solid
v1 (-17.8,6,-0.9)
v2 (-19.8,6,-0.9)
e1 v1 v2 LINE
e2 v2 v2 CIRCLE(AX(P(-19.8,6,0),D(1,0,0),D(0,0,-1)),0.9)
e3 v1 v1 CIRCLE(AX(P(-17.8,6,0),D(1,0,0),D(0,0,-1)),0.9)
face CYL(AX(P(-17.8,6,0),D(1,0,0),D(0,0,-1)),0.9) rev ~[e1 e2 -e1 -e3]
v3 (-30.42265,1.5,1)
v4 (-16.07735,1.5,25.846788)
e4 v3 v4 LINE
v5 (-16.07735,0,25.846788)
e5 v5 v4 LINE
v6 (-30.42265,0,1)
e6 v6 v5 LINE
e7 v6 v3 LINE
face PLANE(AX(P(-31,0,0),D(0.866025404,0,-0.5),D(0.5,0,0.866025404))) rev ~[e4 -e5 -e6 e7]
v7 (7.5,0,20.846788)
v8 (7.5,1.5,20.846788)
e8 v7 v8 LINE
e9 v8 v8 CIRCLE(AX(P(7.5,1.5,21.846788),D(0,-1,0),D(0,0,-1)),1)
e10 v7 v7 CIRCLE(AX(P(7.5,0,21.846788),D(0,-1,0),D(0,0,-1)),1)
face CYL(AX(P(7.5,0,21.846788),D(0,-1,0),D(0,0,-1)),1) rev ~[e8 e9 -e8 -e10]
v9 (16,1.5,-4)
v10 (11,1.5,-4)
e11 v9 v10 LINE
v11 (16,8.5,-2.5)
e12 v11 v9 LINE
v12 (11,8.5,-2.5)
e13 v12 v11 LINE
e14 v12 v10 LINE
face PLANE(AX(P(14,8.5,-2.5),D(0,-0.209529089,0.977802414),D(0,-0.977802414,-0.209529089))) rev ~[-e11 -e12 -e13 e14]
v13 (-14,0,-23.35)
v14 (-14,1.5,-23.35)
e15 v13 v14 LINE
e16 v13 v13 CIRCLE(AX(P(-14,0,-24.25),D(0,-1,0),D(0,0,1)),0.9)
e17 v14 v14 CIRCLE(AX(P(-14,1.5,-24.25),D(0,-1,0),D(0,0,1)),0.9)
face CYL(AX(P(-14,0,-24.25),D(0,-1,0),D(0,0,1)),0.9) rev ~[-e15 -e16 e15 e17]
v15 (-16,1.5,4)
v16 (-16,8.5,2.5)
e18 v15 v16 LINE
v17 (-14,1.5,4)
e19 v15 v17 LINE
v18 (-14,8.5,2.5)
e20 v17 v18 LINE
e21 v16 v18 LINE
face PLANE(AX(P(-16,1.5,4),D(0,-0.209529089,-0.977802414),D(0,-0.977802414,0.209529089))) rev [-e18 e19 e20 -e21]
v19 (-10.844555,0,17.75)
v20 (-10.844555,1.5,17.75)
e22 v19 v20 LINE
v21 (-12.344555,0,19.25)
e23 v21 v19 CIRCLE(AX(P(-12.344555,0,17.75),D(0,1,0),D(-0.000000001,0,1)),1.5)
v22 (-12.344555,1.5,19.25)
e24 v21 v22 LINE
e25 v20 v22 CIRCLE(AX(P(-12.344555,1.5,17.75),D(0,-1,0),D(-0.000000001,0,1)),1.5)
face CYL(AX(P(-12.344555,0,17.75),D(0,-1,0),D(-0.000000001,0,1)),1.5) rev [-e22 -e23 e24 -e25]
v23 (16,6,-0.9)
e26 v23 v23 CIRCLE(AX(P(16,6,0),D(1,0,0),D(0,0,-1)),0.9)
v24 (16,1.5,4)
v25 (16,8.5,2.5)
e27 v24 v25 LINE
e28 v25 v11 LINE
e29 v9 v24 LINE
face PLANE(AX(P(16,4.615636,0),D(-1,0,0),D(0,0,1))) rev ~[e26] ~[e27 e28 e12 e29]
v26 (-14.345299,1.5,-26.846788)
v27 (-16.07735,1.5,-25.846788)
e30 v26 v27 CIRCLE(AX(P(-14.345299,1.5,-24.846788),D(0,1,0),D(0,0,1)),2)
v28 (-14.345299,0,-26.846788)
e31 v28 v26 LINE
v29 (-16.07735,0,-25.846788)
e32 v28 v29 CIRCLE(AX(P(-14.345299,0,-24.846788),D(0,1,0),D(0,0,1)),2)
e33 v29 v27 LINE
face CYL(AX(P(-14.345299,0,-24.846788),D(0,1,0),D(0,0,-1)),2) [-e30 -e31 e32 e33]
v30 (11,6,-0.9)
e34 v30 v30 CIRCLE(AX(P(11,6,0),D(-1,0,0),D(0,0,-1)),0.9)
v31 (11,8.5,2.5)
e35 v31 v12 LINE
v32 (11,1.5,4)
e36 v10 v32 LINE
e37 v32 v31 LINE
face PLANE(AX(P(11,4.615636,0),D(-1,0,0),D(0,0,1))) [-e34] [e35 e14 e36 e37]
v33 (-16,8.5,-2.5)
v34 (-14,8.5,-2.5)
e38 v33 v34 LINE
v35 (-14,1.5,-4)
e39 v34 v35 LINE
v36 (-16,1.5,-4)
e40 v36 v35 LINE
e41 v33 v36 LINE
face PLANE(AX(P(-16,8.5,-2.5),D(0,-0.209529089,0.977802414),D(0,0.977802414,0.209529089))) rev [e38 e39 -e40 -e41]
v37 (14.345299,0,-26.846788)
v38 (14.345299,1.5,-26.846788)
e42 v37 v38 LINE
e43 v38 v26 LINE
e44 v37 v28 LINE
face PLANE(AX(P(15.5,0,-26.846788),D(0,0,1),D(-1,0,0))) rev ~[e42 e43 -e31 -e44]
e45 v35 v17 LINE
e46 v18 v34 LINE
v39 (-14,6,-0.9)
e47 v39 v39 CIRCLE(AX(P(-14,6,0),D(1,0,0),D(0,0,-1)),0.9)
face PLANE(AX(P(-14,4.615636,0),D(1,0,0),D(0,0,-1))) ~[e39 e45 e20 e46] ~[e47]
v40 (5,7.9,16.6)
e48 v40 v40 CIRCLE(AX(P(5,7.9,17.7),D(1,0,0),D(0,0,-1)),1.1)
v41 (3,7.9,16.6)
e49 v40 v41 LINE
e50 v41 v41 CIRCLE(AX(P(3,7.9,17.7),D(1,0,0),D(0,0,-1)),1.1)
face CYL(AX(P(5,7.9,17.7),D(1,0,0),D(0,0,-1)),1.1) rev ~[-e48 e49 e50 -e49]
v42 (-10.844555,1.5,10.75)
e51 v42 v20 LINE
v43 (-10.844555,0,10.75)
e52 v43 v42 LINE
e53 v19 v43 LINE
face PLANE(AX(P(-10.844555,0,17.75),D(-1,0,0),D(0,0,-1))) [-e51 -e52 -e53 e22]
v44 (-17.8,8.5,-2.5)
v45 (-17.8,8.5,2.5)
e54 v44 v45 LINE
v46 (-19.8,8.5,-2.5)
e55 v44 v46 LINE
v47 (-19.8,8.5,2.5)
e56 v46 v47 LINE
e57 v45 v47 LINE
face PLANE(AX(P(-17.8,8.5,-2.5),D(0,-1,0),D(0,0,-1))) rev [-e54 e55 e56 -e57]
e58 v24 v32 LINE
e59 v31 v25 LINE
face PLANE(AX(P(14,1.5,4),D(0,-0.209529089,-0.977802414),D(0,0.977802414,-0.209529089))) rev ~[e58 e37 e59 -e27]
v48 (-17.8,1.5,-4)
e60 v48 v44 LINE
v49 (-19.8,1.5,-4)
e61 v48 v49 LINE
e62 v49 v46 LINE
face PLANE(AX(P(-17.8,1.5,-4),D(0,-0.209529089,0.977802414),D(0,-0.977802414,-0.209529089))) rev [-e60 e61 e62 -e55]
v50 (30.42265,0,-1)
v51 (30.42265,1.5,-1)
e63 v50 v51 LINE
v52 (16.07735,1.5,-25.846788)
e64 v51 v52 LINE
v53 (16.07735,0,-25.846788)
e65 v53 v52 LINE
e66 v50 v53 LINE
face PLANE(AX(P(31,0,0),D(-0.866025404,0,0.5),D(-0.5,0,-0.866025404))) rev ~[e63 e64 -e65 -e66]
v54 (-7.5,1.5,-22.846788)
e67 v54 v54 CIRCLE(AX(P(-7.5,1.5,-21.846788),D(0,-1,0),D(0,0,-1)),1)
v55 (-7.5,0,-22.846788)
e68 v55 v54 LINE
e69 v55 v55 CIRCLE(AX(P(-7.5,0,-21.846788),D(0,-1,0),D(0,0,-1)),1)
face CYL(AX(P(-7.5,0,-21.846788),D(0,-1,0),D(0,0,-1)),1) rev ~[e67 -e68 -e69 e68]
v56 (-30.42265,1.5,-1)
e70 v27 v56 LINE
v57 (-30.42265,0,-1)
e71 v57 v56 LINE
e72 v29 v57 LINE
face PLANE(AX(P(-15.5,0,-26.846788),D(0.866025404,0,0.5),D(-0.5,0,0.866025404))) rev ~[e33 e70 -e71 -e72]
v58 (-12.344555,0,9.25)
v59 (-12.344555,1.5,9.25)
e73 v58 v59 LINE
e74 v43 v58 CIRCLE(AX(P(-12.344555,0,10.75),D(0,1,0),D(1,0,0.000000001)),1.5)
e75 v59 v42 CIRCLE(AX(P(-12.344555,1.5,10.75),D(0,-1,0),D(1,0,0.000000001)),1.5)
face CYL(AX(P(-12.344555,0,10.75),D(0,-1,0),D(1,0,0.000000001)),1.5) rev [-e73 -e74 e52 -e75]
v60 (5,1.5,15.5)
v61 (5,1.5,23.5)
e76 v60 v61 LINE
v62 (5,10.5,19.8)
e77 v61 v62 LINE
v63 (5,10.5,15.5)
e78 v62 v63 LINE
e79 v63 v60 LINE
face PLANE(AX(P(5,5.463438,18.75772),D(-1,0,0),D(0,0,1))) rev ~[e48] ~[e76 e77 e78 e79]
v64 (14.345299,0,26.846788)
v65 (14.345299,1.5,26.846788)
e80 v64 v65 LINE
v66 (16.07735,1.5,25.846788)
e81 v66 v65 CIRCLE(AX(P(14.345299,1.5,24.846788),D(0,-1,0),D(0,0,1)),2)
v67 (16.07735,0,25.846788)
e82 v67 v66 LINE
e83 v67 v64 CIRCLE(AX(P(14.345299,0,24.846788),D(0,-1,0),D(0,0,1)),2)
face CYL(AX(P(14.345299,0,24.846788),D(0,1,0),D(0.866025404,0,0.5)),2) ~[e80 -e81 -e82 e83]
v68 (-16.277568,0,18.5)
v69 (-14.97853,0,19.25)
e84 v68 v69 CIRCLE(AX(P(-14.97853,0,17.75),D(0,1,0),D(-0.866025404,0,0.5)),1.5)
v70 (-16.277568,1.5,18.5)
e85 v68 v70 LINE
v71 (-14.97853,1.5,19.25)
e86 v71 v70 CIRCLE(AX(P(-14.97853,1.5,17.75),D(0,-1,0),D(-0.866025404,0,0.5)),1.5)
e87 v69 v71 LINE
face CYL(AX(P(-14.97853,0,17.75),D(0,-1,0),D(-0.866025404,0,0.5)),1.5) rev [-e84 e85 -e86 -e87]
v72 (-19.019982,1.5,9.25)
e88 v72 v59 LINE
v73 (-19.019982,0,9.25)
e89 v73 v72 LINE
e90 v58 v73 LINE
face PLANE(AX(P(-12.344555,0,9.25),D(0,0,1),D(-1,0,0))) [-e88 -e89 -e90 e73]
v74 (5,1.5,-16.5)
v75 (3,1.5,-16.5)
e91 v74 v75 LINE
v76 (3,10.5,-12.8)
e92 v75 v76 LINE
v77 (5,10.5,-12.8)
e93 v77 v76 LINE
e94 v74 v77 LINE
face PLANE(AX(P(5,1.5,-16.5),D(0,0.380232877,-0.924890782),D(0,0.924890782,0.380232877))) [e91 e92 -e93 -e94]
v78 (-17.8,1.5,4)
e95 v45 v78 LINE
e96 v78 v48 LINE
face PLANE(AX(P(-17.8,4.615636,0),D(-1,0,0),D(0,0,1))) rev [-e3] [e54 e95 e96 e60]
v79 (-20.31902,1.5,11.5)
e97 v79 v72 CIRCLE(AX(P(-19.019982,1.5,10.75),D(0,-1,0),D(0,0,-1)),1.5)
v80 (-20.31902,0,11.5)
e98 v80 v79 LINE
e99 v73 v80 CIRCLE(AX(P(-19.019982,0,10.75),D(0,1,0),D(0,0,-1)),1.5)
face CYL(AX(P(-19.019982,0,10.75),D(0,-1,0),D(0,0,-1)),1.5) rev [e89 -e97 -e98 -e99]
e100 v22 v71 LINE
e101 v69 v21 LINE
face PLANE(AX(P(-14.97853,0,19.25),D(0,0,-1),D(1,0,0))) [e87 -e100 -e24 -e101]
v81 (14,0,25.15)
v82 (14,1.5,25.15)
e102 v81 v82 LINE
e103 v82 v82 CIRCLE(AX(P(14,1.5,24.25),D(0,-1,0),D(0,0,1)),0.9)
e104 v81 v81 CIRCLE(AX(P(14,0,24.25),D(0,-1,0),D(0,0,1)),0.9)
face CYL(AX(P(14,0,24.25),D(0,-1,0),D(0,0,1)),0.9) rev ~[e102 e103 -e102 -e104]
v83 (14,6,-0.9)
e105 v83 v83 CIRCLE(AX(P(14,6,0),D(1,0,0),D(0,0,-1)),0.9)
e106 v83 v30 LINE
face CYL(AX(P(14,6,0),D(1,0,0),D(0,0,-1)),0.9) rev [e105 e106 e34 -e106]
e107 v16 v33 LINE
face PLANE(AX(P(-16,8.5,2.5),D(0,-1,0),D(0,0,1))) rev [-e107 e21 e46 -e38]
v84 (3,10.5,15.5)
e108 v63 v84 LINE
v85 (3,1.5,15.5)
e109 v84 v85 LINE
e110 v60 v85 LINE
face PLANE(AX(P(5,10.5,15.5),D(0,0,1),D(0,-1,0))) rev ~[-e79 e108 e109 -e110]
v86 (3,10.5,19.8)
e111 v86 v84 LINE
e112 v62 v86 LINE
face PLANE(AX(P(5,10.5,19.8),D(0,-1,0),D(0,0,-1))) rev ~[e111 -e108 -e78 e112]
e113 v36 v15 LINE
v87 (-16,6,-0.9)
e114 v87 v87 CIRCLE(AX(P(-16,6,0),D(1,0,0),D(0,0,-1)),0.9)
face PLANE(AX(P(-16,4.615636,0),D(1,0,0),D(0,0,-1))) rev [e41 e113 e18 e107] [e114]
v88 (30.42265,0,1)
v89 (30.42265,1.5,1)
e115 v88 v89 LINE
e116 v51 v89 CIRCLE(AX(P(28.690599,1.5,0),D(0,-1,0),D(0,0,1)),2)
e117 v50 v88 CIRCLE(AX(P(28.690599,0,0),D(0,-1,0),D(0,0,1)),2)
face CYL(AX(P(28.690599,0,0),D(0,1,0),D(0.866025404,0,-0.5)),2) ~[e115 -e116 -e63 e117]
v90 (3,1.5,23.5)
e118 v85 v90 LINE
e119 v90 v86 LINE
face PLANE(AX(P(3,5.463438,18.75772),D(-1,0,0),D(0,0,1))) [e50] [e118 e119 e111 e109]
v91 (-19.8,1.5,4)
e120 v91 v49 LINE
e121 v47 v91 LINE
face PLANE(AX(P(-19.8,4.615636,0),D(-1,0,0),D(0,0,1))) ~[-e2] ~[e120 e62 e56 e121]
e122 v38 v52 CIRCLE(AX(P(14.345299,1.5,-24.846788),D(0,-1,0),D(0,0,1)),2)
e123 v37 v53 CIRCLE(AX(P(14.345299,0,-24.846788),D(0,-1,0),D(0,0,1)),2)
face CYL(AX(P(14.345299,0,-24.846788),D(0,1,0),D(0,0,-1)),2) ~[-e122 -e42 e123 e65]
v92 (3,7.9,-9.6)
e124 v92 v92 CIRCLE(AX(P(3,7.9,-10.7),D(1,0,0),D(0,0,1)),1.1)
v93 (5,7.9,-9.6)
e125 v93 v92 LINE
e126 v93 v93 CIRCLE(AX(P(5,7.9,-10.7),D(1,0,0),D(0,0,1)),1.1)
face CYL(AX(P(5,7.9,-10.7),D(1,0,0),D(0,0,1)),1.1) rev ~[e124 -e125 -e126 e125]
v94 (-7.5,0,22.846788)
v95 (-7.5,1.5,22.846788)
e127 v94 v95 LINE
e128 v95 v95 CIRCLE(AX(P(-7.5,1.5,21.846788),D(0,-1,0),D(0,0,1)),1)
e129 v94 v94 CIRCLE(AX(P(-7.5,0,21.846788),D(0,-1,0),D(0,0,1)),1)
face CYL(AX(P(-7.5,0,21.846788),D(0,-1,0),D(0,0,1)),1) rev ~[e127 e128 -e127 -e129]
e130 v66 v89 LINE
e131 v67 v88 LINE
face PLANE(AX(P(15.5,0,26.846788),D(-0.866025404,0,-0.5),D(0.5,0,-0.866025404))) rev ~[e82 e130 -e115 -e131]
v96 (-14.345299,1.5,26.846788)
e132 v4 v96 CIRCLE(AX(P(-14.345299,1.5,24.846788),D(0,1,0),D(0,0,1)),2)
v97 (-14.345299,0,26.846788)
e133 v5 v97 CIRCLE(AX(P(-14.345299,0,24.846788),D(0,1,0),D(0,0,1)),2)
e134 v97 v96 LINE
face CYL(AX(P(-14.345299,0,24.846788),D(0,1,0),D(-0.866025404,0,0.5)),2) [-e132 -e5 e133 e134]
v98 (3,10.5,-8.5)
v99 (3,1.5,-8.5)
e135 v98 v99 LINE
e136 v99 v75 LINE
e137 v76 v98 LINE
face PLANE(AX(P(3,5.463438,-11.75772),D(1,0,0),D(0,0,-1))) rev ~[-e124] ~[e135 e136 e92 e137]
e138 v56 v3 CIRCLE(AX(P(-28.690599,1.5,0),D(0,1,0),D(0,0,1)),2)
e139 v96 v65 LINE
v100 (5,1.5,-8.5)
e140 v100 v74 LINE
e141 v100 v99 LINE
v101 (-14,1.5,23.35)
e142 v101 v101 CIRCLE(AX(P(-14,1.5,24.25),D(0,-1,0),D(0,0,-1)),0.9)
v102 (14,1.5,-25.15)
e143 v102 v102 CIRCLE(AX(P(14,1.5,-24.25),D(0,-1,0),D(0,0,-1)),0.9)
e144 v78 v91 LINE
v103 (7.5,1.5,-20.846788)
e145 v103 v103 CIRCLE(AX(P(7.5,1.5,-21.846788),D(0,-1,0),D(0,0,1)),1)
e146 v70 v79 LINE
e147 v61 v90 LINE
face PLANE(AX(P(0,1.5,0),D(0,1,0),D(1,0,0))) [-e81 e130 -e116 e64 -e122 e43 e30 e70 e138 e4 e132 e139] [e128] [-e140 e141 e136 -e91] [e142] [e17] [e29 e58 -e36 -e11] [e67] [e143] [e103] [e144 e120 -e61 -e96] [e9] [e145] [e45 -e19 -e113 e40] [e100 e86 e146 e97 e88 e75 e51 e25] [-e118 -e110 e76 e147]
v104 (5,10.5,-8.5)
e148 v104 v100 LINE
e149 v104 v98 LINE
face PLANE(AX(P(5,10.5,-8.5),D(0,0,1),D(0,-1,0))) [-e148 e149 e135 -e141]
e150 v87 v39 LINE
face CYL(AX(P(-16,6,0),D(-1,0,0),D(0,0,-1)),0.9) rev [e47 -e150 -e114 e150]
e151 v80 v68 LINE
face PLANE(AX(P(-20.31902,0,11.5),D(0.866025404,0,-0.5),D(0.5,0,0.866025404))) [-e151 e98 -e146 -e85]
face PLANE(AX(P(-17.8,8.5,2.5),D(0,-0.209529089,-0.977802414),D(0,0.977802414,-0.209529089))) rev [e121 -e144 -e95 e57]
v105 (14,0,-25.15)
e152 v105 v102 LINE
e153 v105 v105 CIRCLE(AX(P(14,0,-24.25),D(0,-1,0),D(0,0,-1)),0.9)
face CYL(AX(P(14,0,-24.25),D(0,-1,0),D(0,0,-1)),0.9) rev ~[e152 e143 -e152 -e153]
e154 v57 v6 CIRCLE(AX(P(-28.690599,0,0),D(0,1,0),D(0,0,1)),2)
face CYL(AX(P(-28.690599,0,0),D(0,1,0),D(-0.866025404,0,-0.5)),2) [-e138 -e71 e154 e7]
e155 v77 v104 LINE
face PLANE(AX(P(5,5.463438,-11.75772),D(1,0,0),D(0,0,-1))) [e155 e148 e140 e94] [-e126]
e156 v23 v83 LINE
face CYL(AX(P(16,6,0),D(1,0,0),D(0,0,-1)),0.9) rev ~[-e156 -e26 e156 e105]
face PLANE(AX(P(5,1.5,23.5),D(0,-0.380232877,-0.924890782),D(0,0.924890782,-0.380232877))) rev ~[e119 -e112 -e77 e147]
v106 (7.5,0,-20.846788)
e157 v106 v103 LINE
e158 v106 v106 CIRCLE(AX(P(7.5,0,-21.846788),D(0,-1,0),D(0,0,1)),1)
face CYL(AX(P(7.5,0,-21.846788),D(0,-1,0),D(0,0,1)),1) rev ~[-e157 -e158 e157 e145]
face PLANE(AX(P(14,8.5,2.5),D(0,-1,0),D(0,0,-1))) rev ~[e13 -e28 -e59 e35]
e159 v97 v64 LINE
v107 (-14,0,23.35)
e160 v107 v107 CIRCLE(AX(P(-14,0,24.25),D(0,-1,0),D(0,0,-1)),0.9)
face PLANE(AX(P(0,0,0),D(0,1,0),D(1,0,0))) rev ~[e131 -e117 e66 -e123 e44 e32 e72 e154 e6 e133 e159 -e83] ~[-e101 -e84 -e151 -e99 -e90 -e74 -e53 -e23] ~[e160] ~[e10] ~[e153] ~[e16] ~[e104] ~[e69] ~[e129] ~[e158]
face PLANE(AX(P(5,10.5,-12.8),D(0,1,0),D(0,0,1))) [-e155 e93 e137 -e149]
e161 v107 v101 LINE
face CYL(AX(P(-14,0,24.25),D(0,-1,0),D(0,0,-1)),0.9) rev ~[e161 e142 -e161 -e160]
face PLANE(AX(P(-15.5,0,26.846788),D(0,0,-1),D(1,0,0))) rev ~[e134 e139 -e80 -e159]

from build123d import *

# Parameters (mm, degrees)
EXTRUDE_1_DEPTH     = 1.5
SKETCH_3_R          = 0.9
EXTRUDE_2_DEPTH     = 2
SKETCH_4_R          = 0.9
EXTRUDE_3_DEPTH     = 2
SKETCH_5_R          = 1.1
EXTRUDE_4_DEPTH     = 2
FILLET_1_R          = 2
SKETCH_6_R          = 0.9
CUT_EXTRUDE_1_DEPTH = 10
SKETCH_7_R          = 1
CUT_EXTRUDE_2_DEPTH = 10
SKETCH_8_R          = 0.9
EXTRUDE_5_DEPTH     = 3
CUT_EXTRUDE_3_DEPTH = 3


with BuildPart() as part:
    # 草图1 → 凸台-拉伸1 (new body)
    with BuildSketch(Plane(origin=(0, 0, 0), x_dir=(1, 0, 0), z_dir=(0, 1, 0))):
        Polygon((15.5, 26.846787517), (-15.5, 26.846787517), (-31, 0), (-15.5, -26.846787517), (15.5, -26.846787517), (31, 0), align=None)
    extrude(amount=EXTRUDE_1_DEPTH)

    # 草图3 → 凸台-拉伸2 (add)
    with BuildSketch(Plane(origin=(16, 0, 0), x_dir=(0, 0, -1), z_dir=(1, 0, 0))):
        Polygon((-4, 1.5), (-2.5, 8.5), (2.5, 8.5), (4, 1.5), align=None)
        with Locations((0, 6)):
            Circle(SKETCH_3_R, mode=Mode.SUBTRACT)
    extrude_2 = extrude(amount=-EXTRUDE_2_DEPTH)

    # 草图4 → 凸台-拉伸3 (add)
    with BuildSketch(Plane(origin=(17.8, 0, 0), x_dir=(0, 0, -1), z_dir=(1, 0, 0))):
        Polygon((-4, 1.5), (4, 1.5), (2.5, 8.5), (-2.5, 8.5), align=None)
        with Locations((0, 6)):
            Circle(SKETCH_4_R, mode=Mode.SUBTRACT)
    extrude_3 = extrude(amount=EXTRUDE_3_DEPTH)

    # 镜向3: 凸台-拉伸2, 凸台-拉伸3 across plane
    add(extrude_2.mirror(Plane(origin=(0, 0, 0), x_dir=(0, 0, 1), z_dir=(1, 0, 0))))
    add(extrude_3.mirror(Plane(origin=(0, 0, 0), x_dir=(0, 0, 1), z_dir=(1, 0, 0))))

    # 草图5 → 凸台-拉伸4 (add)
    with BuildSketch(Plane(origin=(5, 0, 0), x_dir=(0, 0, -1), z_dir=(1, 0, 0))):
        Polygon((-19.8, 10.5), (-15.5, 10.5), (-15.5, 1.5), (-23.5, 1.5), align=None)
        with Locations((-17.7, 7.9)):
            Circle(SKETCH_5_R, mode=Mode.SUBTRACT)
        Polygon((8.5, 10.5), (8.5, 1.5), (16.5, 1.5), (12.8, 10.5), align=None)
        with Locations(Location((10.7, 7.9, 0), (0, 0, 180))):  # turned: the seam where the file's is
            Circle(SKETCH_5_R, mode=Mode.SUBTRACT)
    extrude(amount=-EXTRUDE_4_DEPTH)

    # 圆角1
    fillet_1_edges = [part.edges().sort_by_distance(p)[0] for p in [
        (31, 0.75, 0),
        (15.5, 0.75, 26.846787517),
        (-15.5, 0.75, 26.846787517),
        (-31, 0.75, 0),
        (-15.5, 0.75, -26.846787517),
        (15.5, 0.75, -26.846787517),
    ]]
    fillet(fillet_1_edges, radius=FILLET_1_R)

    # 草图6 → 切除-拉伸1 (cut)
    with BuildSketch(Plane.XZ):
        with Locations(Location((-14, 24.25, 0), (0, 0, 270))):  # turned: the seam where the file's is
            Circle(SKETCH_6_R)
        with Locations(Location((14, 24.25, 0), (0, 0, 90))):  # turned: the seam where the file's is
            Circle(SKETCH_6_R)
        with Locations(Location((14, -24.25, 0), (0, 0, 270))):  # turned: the seam where the file's is
            Circle(SKETCH_6_R)
        with Locations(Location((-14, -24.25, 0), (0, 0, 90))):  # turned: the seam where the file's is
            Circle(SKETCH_6_R)
        with BuildLine():
            Line((-14.97853003, 19.25), (-12.344555434, 19.25))
            ThreePointArc((-12.344555434, 19.25), (-11.283895262, 18.810660172), (-10.844555434, 17.75))
            Line((-10.844555434, 17.75), (-10.844555434, 10.75))
            ThreePointArc((-10.844555434, 10.75), (-11.283895262, 9.689339828), (-12.344555434, 9.25))
            Line((-12.344555434, 9.25), (-19.019981914, 9.25))
            ThreePointArc((-19.019981914, 9.25), (-20.31902002, 10), (-20.31902002, 11.5))
            Line((-20.31902002, 11.5), (-16.277568136, 18.5))
            ThreePointArc((-16.277568136, 18.5), (-15.72853003, 19.049038106), (-14.97853003, 19.25))
        make_face()
    extrude(amount=-CUT_EXTRUDE_1_DEPTH, mode=Mode.SUBTRACT)

    # 草图7 → 切除-拉伸2 (cut)
    with BuildSketch(Plane.XZ):
        with Locations(Location((-7.5, -21.846787517, 0), (0, 0, 270))):  # turned: the seam where the file's is
            Circle(SKETCH_7_R)
        with Locations(Location((7.5, -21.846787517, 0), (0, 0, 90))):  # turned: the seam where the file's is
            Circle(SKETCH_7_R)
        with Locations(Location((7.5, 21.846787517, 0), (0, 0, 270))):  # turned: the seam where the file's is
            Circle(SKETCH_7_R)
        with Locations(Location((-7.5, 21.846787517, 0), (0, 0, 90))):  # turned: the seam where the file's is
            Circle(SKETCH_7_R)
    extrude(amount=-CUT_EXTRUDE_2_DEPTH, mode=Mode.SUBTRACT)

    # 草图8 → 凸台-拉伸5 (add)
    with BuildSketch(Plane.ZY.offset(-14)):
        Polygon((-4, 1.5), (4, 1.5), (2.5, 8.5), (-2.5, 8.5), align=None)
        with Locations(Location((0, 6, 0), (0, 0, 180))):  # turned: the seam where the file's is
            Circle(SKETCH_8_R, mode=Mode.SUBTRACT)
    extrude(amount=EXTRUDE_5_DEPTH)

    # 草图9 → 切除-拉伸3 (cut)
    with BuildSketch(Plane(origin=(19.8, 0, 0), x_dir=(0, 0, -1), z_dir=(1, 0, 0))):
        Polygon((-2.5, 8.5), (-4, 1.5), (4, 1.5), (2.5, 8.5), align=None)
    extrude(amount=-CUT_EXTRUDE_3_DEPTH, mode=Mode.SUBTRACT)


solid = part.part
